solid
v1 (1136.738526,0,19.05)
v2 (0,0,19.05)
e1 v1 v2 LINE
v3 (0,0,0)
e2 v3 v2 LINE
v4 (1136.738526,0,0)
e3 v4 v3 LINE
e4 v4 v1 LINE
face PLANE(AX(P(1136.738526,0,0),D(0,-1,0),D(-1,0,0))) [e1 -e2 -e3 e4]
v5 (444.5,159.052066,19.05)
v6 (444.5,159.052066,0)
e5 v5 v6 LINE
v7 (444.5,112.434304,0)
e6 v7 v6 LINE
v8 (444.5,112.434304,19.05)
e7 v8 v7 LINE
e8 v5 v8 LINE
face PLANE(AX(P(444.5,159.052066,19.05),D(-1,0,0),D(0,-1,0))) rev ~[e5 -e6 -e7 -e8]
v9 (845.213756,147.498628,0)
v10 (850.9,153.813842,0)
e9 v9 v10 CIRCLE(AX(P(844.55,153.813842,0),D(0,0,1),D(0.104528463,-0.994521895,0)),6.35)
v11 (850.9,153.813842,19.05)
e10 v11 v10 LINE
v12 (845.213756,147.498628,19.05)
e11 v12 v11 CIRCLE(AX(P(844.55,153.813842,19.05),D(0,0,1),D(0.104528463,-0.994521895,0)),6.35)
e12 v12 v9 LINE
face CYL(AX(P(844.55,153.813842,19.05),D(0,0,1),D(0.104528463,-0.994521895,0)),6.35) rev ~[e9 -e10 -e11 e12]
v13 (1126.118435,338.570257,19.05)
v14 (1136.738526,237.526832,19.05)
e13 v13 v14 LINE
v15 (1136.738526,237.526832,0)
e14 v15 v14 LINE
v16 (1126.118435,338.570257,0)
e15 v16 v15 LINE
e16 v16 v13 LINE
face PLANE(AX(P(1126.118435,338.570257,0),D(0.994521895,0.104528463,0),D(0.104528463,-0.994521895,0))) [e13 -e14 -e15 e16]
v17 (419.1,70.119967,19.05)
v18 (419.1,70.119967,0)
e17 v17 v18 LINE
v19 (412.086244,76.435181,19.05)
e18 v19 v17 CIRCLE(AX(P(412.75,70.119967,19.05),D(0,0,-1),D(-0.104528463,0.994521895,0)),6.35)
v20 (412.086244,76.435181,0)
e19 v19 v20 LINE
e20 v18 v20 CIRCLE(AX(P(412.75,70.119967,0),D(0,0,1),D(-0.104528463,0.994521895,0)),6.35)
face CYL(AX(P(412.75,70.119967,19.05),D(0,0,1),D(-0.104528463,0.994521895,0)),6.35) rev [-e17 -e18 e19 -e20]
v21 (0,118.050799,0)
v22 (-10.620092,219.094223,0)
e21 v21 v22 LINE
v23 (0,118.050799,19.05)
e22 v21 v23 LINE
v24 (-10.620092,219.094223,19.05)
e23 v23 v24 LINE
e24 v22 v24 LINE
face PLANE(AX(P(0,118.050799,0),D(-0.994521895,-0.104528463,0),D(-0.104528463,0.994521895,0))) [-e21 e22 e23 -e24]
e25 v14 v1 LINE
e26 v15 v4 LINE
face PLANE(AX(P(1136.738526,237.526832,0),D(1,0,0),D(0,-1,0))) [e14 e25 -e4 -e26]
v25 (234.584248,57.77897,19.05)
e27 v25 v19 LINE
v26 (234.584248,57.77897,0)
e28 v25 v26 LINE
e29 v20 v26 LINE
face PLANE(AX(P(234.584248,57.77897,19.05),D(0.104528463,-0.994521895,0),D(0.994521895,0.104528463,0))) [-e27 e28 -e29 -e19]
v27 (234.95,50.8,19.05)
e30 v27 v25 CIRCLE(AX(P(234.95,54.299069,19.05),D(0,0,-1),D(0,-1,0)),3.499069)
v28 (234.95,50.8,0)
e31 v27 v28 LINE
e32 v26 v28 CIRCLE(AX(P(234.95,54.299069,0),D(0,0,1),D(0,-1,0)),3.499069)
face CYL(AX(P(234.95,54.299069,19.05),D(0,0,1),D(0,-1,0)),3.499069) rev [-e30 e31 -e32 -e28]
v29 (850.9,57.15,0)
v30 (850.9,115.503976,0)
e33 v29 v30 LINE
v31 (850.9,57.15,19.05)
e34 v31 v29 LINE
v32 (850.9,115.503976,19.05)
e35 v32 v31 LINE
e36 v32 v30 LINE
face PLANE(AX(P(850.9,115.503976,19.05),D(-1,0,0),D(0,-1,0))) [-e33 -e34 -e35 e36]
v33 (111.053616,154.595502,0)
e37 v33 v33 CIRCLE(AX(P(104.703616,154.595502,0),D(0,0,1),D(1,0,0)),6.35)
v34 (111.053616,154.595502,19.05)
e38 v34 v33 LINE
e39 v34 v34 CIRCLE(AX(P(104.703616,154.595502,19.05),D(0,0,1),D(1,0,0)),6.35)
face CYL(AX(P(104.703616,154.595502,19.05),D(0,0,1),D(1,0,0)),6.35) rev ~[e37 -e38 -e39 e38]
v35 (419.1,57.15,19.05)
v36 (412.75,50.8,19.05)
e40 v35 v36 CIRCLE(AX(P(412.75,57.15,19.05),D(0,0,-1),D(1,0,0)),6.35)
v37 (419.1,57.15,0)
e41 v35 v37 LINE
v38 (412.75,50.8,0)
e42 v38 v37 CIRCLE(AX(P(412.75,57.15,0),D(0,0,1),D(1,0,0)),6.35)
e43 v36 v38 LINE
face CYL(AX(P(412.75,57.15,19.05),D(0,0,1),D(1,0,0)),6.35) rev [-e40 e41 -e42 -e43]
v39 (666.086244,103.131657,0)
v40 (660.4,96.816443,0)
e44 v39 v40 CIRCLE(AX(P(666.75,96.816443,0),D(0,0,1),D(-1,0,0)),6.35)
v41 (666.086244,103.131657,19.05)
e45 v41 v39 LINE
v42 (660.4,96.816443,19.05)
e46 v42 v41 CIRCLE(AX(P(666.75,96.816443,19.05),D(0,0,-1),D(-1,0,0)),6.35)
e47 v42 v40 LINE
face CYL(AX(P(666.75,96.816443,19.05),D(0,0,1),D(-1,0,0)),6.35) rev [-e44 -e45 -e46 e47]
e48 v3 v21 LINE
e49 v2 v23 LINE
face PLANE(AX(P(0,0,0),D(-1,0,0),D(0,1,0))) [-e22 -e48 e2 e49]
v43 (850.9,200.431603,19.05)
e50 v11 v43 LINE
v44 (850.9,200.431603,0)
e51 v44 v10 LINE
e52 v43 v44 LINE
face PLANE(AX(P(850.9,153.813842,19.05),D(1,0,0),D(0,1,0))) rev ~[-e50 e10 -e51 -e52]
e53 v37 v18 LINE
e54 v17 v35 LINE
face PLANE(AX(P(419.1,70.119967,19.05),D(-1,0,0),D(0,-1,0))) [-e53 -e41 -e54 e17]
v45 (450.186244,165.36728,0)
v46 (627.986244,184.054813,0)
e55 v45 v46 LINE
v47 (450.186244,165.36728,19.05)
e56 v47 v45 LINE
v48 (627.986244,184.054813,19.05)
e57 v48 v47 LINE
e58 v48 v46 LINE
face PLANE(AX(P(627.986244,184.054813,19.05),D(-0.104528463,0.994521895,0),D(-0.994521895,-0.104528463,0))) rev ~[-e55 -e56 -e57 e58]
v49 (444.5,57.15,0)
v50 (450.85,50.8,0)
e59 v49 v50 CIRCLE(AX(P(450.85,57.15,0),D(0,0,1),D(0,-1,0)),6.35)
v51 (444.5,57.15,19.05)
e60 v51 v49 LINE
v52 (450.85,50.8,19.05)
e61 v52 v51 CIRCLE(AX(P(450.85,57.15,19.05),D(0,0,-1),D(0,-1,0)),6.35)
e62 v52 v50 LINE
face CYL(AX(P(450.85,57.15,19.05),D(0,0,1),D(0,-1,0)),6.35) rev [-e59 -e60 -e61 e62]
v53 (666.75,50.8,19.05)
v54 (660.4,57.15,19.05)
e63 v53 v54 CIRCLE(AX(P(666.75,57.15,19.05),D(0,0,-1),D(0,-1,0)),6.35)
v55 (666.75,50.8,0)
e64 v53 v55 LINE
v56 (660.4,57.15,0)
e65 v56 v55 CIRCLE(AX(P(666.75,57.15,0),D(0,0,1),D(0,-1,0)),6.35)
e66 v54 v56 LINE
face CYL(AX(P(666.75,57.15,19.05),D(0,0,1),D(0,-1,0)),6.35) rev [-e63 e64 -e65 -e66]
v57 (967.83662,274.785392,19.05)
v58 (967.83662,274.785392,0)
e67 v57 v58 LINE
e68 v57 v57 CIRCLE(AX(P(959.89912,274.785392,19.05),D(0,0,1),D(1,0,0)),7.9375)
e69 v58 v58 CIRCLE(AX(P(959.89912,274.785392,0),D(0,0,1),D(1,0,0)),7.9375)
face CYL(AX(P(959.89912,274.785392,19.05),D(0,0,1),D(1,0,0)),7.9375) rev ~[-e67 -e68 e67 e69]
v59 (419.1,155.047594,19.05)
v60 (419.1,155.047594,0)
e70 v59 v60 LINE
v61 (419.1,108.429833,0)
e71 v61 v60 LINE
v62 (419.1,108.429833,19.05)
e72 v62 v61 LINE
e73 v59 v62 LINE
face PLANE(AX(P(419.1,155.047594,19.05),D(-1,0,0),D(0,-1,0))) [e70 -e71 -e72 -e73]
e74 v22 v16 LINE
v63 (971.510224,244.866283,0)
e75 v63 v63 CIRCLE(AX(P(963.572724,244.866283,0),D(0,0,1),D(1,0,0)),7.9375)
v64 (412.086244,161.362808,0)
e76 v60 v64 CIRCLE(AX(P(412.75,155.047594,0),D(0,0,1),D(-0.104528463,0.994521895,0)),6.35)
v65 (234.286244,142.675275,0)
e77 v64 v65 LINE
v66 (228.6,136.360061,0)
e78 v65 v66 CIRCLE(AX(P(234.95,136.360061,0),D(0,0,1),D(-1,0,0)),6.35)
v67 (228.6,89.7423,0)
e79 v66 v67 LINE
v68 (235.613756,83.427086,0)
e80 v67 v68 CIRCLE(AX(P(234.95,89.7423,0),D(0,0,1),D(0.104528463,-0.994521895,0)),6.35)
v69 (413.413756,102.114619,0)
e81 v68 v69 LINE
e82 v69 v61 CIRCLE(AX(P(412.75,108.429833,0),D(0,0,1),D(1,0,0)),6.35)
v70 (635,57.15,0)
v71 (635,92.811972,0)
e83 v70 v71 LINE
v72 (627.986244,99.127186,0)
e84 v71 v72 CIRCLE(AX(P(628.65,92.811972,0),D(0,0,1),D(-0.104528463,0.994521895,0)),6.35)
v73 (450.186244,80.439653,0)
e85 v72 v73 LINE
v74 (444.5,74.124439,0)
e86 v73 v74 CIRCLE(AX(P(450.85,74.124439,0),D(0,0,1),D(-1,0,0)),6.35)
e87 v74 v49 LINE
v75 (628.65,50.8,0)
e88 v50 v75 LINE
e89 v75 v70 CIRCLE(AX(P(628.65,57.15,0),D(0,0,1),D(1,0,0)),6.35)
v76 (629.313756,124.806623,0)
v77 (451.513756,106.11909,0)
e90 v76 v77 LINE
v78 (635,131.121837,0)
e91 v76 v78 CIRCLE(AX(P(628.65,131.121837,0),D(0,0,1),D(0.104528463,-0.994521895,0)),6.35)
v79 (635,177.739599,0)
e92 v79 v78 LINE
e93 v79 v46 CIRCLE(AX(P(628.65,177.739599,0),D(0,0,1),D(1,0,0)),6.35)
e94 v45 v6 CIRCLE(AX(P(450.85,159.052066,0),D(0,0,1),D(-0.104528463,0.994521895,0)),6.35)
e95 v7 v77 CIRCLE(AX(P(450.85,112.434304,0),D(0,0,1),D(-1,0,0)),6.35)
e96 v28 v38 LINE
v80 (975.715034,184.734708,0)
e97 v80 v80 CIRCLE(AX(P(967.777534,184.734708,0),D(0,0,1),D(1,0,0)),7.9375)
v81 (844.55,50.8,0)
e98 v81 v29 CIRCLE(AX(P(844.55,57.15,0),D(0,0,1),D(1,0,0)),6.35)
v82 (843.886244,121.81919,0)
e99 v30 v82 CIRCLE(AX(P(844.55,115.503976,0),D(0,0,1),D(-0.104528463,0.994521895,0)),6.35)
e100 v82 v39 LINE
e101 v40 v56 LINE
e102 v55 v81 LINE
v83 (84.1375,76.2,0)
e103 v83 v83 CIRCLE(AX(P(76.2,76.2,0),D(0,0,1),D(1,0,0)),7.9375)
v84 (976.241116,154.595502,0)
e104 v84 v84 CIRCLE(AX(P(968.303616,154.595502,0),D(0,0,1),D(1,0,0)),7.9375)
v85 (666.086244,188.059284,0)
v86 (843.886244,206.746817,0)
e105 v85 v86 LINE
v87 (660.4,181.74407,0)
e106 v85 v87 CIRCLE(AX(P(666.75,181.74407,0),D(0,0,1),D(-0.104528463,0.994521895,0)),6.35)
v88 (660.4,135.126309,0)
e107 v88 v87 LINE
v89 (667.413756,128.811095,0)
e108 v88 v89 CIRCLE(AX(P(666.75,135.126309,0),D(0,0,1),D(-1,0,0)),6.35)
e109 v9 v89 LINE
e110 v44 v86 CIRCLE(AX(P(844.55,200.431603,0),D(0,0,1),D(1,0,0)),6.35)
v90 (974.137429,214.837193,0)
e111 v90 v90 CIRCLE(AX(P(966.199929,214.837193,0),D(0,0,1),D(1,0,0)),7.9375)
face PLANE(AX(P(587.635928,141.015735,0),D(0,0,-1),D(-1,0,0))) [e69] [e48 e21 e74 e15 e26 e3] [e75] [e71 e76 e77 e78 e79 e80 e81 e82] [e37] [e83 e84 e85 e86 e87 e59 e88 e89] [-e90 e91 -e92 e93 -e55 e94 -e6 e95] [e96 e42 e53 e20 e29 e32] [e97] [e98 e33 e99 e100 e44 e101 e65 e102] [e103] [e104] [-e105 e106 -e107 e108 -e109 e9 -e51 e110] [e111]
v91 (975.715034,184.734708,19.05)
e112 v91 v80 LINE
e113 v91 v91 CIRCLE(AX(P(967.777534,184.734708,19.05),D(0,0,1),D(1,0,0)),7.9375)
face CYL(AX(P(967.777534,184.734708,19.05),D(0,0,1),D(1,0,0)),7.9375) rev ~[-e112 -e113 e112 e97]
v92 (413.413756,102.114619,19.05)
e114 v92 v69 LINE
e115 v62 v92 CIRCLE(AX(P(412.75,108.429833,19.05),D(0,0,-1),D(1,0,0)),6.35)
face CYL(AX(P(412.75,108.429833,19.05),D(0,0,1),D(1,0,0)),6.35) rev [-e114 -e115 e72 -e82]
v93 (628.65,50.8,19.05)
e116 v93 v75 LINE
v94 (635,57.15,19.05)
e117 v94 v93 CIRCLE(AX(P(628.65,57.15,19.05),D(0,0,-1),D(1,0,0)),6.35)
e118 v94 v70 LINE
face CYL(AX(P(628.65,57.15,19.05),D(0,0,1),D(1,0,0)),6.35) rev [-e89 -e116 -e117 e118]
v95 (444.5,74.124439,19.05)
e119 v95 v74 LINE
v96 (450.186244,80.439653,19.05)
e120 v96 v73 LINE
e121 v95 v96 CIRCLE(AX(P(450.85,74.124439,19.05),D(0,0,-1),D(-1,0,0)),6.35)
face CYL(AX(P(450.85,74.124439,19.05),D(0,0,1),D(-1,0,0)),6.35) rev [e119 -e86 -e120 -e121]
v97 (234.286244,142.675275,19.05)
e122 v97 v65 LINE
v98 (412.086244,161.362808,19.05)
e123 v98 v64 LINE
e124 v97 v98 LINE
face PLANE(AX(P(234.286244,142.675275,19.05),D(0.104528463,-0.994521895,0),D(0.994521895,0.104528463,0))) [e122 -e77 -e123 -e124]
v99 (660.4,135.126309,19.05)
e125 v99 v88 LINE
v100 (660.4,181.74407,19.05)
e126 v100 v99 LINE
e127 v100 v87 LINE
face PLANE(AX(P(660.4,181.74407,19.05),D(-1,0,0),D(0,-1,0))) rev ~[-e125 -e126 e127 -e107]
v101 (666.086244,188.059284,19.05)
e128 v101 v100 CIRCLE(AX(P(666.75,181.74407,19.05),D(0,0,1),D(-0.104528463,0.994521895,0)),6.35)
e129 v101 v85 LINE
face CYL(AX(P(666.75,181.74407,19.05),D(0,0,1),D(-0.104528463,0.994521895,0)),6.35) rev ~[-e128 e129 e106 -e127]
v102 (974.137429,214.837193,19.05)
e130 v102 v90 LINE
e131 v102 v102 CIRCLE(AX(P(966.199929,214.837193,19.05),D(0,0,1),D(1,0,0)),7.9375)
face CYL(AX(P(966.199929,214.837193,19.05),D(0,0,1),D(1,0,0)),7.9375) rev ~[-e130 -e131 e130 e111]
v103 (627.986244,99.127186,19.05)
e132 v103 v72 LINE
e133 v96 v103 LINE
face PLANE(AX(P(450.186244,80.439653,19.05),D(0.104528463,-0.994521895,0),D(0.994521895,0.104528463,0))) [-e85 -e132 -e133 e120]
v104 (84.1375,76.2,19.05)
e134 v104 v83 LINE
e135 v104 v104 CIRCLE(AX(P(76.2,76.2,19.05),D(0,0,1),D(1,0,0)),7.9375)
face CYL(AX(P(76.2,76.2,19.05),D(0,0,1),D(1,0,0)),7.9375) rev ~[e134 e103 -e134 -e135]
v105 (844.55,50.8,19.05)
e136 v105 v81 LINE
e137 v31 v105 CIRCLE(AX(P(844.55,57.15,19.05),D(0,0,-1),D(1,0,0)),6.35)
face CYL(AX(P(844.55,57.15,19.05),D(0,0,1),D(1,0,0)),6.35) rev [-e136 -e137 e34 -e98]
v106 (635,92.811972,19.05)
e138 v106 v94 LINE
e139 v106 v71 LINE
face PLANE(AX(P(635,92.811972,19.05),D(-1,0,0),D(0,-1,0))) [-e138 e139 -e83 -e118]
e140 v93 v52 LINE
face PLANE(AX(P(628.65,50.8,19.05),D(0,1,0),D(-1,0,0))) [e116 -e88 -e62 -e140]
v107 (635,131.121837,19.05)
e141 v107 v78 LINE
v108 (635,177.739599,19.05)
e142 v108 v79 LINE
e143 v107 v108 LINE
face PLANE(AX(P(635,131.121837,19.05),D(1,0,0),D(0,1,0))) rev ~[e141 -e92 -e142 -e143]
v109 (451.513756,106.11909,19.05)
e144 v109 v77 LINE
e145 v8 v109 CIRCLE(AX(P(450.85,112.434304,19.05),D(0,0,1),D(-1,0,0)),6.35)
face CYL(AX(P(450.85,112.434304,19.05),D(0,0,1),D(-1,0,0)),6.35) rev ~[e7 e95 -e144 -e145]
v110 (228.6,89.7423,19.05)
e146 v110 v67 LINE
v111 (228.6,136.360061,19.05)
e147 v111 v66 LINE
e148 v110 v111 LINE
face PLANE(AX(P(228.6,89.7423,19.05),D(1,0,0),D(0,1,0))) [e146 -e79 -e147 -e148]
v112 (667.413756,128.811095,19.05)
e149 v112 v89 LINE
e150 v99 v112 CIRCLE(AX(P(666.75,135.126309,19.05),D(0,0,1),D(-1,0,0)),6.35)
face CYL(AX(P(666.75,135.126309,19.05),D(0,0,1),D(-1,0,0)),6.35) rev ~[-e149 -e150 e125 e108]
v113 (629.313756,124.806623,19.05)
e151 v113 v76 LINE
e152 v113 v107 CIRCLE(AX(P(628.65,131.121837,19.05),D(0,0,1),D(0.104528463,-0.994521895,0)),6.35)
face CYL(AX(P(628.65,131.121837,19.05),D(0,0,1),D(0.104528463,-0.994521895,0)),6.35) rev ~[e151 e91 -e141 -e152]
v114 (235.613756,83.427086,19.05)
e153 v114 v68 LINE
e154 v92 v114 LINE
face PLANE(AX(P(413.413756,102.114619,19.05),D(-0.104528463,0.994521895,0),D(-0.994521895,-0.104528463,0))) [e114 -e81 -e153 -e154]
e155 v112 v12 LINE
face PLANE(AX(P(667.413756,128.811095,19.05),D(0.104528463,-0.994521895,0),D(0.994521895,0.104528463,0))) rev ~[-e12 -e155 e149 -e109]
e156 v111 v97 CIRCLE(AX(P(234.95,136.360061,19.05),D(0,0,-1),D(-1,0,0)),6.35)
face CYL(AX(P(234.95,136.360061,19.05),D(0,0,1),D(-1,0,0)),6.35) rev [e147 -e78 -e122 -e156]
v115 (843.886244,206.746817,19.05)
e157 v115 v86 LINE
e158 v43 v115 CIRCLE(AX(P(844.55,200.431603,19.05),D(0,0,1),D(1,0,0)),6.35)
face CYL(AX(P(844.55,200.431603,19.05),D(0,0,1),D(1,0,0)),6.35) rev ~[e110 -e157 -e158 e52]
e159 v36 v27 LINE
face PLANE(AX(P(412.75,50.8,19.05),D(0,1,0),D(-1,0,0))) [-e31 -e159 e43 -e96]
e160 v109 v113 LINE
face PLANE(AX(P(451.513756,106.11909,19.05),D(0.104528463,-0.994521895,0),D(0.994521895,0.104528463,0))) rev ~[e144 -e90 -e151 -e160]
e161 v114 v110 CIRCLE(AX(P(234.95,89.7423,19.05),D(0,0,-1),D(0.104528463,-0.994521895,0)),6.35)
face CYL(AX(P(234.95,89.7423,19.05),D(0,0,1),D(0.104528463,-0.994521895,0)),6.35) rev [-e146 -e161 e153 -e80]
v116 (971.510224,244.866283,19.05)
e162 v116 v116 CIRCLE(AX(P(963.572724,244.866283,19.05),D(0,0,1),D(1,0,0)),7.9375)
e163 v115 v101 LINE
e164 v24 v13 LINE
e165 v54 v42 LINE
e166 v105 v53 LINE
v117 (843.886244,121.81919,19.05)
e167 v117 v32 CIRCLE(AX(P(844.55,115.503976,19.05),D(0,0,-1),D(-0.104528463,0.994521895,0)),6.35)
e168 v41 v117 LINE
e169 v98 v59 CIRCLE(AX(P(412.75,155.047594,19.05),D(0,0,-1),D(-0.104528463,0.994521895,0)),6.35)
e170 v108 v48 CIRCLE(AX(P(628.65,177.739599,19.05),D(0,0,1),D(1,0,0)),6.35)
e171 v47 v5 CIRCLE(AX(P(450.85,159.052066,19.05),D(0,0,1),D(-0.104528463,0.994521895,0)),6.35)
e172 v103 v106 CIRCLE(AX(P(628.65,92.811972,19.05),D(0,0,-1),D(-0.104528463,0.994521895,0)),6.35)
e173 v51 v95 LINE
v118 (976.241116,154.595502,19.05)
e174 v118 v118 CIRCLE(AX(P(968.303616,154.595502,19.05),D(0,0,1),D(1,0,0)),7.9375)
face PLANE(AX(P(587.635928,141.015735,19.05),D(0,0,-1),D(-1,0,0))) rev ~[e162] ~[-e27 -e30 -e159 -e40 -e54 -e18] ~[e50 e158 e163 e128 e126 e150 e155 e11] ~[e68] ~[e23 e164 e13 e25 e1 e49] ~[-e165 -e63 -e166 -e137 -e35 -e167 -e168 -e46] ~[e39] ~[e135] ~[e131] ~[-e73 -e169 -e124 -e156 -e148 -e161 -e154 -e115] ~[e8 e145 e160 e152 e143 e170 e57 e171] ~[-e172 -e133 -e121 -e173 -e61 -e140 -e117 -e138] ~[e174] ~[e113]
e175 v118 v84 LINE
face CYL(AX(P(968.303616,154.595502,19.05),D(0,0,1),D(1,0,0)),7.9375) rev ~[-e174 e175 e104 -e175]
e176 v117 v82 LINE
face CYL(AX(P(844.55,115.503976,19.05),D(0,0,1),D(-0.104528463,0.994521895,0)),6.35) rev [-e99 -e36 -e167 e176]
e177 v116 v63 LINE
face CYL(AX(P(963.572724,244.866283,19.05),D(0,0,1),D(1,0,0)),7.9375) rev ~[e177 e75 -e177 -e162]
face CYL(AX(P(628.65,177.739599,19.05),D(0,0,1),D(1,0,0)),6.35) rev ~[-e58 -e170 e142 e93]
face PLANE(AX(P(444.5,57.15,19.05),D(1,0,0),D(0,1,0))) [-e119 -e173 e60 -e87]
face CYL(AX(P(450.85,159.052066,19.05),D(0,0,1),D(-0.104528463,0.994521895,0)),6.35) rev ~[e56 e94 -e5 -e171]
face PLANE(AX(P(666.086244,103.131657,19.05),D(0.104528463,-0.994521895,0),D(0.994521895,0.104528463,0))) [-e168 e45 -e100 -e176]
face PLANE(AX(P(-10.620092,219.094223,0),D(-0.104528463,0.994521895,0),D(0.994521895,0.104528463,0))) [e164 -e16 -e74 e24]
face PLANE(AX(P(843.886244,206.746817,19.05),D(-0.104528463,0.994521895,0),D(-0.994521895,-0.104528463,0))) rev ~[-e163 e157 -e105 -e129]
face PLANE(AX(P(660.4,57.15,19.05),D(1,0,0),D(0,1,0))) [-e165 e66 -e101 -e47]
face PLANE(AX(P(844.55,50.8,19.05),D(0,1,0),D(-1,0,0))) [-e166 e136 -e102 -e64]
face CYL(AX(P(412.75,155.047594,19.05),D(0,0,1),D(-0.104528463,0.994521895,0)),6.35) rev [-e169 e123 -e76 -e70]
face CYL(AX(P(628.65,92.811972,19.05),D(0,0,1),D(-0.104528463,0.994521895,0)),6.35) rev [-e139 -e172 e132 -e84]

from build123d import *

# Parameters (mm, degrees)
BOSS_EXTRUDE1_DEPTH = 19.05
SKETCH8_R           = 6.35
CUT_EXTRUDE3_DEPTH  = 1187.240784438
SKETCH10_R          = 7.9375
CUT_EXTRUDE5_DEPTH  = 1187.240784438
CUT_EXTRUDE6_DEPTH  = 1187.240784438
SKETCH13_R          = 7.9375
CUT_EXTRUDE7_DEPTH  = 1187.240784438


with BuildPart() as part:
    # Sketch1 → Boss-Extrude1 (new body)
    with BuildSketch(Plane.XY):
        Polygon((-10.620091868, 219.094223225), (1126.118434538, 338.57025674), (1136.738526406, 237.526832171), (1136.738526406, 0), (0, 0), (0, 118.050798656), align=None)
    extrude(amount=BOSS_EXTRUDE1_DEPTH)

    # Sketch8 → Cut-Extrude3 (cut, through all)
    with BuildSketch(Plane.XY.offset(19.05)):
        with Locations((104.703615638, 154.595502408)):
            Circle(SKETCH8_R)
    extrude(amount=-CUT_EXTRUDE3_DEPTH, mode=Mode.SUBTRACT)

    # Sketch10 → Cut-Extrude5 (cut, through all)
    with BuildSketch(Plane.XY.offset(19.05)):
        with Locations((963.572724478, 244.866283286)):
            Circle(SKETCH10_R)
        with Locations((966.199929442, 214.837193133)):
            Circle(SKETCH10_R)
        with Locations((967.777533852, 184.73470776)):
            Circle(SKETCH10_R)
        with Locations((968.303615638, 154.595502408)):
            Circle(SKETCH10_R)
        with Locations((959.899119803, 274.785392397)):
            Circle(SKETCH10_R)
    extrude(amount=-CUT_EXTRUDE5_DEPTH, mode=Mode.SUBTRACT)

    # Sketch12 → Cut-Extrude6 (cut, through all)
    with BuildSketch(Plane.XY.offset(19.05)):
        with BuildLine():
            Line((844.55, 50.8), (666.75, 50.8))
            ThreePointArc((666.75, 50.8), (662.259871939, 52.659871939), (660.4, 57.15))
            Line((660.4, 57.15), (660.4, 96.816443106))
            ThreePointArc((660.4, 96.816443106), (662.031030358, 101.065422457), (666.086244258, 103.131657142))
            Line((666.086244258, 103.131657142), (843.886244258, 121.819190172))
            ThreePointArc((843.886244258, 121.819190172), (848.79897935, 120.222945778), (850.9, 115.503976137))
            Line((850.9, 115.503976137), (850.9, 57.15))
            ThreePointArc((850.9, 57.15), (849.040128061, 52.659871939), (844.55, 50.8))
        make_face()
        with BuildLine():
            Line((444.5, 57.15), (444.5, 74.124438713))
            ThreePointArc((444.5, 74.124438713), (446.131030358, 78.373418063), (450.186244258, 80.439652748))
            Line((450.186244258, 80.439652748), (627.986244258, 99.127185778))
            ThreePointArc((627.986244258, 99.127185778), (632.89897935, 97.530941385), (635, 92.811971743))
            Line((635, 92.811971743), (635, 57.15))
            ThreePointArc((635, 57.15), (633.140128061, 52.659871939), (628.65, 50.8))
            Line((628.65, 50.8), (450.85, 50.8))
            ThreePointArc((450.85, 50.8), (446.359871939, 52.659871939), (444.5, 57.15))
        make_face()
        with BuildLine():
            Line((843.886244258, 206.74681701), (666.086244258, 188.05928398))
            ThreePointArc((666.086244258, 188.05928398), (662.031030358, 185.993049294), (660.4, 181.744069944))
            Line((660.4, 181.744069944), (660.4, 135.126308558))
            ThreePointArc((660.4, 135.126308558), (662.50102065, 130.407338916), (667.413755742, 128.811094522))
            Line((667.413755742, 128.811094522), (845.213755742, 147.498627552))
            ThreePointArc((845.213755742, 147.498627552), (849.268969642, 149.564862238), (850.9, 153.813841588))
            Line((850.9, 153.813841588), (850.9, 200.431602974))
            ThreePointArc((850.9, 200.431602974), (848.79897935, 205.150572616), (843.886244258, 206.74681701))
        make_face()
        with BuildLine():
            Line((627.986244258, 184.054812616), (450.186244258, 165.367279586))
            ThreePointArc((450.186244258, 165.367279586), (446.131030358, 163.301044901), (444.5, 159.05206555))
            Line((444.5, 159.05206555), (444.5, 112.434304164))
            ThreePointArc((444.5, 112.434304164), (446.60102065, 107.715334522), (451.513755742, 106.119090128))
            Line((451.513755742, 106.119090128), (629.313755742, 124.806623159))
            ThreePointArc((629.313755742, 124.806623159), (633.368969642, 126.872857844), (635, 131.121837194))
            Line((635, 131.121837194), (635, 177.73959858))
            ThreePointArc((635, 177.73959858), (632.89897935, 182.458568222), (627.986244258, 184.054812616))
        make_face()
        with BuildLine():
            Line((412.75, 50.8), (234.95, 50.8))
            ThreePointArc((234.95, 50.8), (231.455726331, 54.115941899), (234.584247692, 57.778969777))
            Line((234.584247692, 57.778969777), (412.086244258, 76.435181385))
            ThreePointArc((412.086244258, 76.435181385), (416.99897935, 74.838936991), (419.1, 70.119967349))
            Line((419.1, 70.119967349), (419.1, 57.15))
            ThreePointArc((419.1, 57.15), (417.240128061, 52.659871939), (412.75, 50.8))
        make_face()
        with BuildLine():
            Line((234.286244258, 142.675275192), (412.086244258, 161.362808222))
            ThreePointArc((412.086244258, 161.362808222), (416.99897935, 159.766563828), (419.1, 155.047594187))
            Line((419.1, 155.047594187), (419.1, 108.4298328))
            ThreePointArc((419.1, 108.4298328), (417.468969642, 104.18085345), (413.413755742, 102.114618765))
            Line((413.413755742, 102.114618765), (235.613755742, 83.427085734))
            ThreePointArc((235.613755742, 83.427085734), (230.70102065, 85.023330128), (228.6, 89.74229977))
            Line((228.6, 89.74229977), (228.6, 136.360061156))
            ThreePointArc((228.6, 136.360061156), (230.231030358, 140.609040507), (234.286244258, 142.675275192))
        make_face()
    extrude(amount=-CUT_EXTRUDE6_DEPTH, mode=Mode.SUBTRACT)

    # Sketch13 → Cut-Extrude7 (cut, through all)
    with BuildSketch(Plane.XY.offset(19.05)):
        with Locations((76.2, 76.2)):
            Circle(SKETCH13_R)
    extrude(amount=-CUT_EXTRUDE7_DEPTH, mode=Mode.SUBTRACT)


solid = part.part
